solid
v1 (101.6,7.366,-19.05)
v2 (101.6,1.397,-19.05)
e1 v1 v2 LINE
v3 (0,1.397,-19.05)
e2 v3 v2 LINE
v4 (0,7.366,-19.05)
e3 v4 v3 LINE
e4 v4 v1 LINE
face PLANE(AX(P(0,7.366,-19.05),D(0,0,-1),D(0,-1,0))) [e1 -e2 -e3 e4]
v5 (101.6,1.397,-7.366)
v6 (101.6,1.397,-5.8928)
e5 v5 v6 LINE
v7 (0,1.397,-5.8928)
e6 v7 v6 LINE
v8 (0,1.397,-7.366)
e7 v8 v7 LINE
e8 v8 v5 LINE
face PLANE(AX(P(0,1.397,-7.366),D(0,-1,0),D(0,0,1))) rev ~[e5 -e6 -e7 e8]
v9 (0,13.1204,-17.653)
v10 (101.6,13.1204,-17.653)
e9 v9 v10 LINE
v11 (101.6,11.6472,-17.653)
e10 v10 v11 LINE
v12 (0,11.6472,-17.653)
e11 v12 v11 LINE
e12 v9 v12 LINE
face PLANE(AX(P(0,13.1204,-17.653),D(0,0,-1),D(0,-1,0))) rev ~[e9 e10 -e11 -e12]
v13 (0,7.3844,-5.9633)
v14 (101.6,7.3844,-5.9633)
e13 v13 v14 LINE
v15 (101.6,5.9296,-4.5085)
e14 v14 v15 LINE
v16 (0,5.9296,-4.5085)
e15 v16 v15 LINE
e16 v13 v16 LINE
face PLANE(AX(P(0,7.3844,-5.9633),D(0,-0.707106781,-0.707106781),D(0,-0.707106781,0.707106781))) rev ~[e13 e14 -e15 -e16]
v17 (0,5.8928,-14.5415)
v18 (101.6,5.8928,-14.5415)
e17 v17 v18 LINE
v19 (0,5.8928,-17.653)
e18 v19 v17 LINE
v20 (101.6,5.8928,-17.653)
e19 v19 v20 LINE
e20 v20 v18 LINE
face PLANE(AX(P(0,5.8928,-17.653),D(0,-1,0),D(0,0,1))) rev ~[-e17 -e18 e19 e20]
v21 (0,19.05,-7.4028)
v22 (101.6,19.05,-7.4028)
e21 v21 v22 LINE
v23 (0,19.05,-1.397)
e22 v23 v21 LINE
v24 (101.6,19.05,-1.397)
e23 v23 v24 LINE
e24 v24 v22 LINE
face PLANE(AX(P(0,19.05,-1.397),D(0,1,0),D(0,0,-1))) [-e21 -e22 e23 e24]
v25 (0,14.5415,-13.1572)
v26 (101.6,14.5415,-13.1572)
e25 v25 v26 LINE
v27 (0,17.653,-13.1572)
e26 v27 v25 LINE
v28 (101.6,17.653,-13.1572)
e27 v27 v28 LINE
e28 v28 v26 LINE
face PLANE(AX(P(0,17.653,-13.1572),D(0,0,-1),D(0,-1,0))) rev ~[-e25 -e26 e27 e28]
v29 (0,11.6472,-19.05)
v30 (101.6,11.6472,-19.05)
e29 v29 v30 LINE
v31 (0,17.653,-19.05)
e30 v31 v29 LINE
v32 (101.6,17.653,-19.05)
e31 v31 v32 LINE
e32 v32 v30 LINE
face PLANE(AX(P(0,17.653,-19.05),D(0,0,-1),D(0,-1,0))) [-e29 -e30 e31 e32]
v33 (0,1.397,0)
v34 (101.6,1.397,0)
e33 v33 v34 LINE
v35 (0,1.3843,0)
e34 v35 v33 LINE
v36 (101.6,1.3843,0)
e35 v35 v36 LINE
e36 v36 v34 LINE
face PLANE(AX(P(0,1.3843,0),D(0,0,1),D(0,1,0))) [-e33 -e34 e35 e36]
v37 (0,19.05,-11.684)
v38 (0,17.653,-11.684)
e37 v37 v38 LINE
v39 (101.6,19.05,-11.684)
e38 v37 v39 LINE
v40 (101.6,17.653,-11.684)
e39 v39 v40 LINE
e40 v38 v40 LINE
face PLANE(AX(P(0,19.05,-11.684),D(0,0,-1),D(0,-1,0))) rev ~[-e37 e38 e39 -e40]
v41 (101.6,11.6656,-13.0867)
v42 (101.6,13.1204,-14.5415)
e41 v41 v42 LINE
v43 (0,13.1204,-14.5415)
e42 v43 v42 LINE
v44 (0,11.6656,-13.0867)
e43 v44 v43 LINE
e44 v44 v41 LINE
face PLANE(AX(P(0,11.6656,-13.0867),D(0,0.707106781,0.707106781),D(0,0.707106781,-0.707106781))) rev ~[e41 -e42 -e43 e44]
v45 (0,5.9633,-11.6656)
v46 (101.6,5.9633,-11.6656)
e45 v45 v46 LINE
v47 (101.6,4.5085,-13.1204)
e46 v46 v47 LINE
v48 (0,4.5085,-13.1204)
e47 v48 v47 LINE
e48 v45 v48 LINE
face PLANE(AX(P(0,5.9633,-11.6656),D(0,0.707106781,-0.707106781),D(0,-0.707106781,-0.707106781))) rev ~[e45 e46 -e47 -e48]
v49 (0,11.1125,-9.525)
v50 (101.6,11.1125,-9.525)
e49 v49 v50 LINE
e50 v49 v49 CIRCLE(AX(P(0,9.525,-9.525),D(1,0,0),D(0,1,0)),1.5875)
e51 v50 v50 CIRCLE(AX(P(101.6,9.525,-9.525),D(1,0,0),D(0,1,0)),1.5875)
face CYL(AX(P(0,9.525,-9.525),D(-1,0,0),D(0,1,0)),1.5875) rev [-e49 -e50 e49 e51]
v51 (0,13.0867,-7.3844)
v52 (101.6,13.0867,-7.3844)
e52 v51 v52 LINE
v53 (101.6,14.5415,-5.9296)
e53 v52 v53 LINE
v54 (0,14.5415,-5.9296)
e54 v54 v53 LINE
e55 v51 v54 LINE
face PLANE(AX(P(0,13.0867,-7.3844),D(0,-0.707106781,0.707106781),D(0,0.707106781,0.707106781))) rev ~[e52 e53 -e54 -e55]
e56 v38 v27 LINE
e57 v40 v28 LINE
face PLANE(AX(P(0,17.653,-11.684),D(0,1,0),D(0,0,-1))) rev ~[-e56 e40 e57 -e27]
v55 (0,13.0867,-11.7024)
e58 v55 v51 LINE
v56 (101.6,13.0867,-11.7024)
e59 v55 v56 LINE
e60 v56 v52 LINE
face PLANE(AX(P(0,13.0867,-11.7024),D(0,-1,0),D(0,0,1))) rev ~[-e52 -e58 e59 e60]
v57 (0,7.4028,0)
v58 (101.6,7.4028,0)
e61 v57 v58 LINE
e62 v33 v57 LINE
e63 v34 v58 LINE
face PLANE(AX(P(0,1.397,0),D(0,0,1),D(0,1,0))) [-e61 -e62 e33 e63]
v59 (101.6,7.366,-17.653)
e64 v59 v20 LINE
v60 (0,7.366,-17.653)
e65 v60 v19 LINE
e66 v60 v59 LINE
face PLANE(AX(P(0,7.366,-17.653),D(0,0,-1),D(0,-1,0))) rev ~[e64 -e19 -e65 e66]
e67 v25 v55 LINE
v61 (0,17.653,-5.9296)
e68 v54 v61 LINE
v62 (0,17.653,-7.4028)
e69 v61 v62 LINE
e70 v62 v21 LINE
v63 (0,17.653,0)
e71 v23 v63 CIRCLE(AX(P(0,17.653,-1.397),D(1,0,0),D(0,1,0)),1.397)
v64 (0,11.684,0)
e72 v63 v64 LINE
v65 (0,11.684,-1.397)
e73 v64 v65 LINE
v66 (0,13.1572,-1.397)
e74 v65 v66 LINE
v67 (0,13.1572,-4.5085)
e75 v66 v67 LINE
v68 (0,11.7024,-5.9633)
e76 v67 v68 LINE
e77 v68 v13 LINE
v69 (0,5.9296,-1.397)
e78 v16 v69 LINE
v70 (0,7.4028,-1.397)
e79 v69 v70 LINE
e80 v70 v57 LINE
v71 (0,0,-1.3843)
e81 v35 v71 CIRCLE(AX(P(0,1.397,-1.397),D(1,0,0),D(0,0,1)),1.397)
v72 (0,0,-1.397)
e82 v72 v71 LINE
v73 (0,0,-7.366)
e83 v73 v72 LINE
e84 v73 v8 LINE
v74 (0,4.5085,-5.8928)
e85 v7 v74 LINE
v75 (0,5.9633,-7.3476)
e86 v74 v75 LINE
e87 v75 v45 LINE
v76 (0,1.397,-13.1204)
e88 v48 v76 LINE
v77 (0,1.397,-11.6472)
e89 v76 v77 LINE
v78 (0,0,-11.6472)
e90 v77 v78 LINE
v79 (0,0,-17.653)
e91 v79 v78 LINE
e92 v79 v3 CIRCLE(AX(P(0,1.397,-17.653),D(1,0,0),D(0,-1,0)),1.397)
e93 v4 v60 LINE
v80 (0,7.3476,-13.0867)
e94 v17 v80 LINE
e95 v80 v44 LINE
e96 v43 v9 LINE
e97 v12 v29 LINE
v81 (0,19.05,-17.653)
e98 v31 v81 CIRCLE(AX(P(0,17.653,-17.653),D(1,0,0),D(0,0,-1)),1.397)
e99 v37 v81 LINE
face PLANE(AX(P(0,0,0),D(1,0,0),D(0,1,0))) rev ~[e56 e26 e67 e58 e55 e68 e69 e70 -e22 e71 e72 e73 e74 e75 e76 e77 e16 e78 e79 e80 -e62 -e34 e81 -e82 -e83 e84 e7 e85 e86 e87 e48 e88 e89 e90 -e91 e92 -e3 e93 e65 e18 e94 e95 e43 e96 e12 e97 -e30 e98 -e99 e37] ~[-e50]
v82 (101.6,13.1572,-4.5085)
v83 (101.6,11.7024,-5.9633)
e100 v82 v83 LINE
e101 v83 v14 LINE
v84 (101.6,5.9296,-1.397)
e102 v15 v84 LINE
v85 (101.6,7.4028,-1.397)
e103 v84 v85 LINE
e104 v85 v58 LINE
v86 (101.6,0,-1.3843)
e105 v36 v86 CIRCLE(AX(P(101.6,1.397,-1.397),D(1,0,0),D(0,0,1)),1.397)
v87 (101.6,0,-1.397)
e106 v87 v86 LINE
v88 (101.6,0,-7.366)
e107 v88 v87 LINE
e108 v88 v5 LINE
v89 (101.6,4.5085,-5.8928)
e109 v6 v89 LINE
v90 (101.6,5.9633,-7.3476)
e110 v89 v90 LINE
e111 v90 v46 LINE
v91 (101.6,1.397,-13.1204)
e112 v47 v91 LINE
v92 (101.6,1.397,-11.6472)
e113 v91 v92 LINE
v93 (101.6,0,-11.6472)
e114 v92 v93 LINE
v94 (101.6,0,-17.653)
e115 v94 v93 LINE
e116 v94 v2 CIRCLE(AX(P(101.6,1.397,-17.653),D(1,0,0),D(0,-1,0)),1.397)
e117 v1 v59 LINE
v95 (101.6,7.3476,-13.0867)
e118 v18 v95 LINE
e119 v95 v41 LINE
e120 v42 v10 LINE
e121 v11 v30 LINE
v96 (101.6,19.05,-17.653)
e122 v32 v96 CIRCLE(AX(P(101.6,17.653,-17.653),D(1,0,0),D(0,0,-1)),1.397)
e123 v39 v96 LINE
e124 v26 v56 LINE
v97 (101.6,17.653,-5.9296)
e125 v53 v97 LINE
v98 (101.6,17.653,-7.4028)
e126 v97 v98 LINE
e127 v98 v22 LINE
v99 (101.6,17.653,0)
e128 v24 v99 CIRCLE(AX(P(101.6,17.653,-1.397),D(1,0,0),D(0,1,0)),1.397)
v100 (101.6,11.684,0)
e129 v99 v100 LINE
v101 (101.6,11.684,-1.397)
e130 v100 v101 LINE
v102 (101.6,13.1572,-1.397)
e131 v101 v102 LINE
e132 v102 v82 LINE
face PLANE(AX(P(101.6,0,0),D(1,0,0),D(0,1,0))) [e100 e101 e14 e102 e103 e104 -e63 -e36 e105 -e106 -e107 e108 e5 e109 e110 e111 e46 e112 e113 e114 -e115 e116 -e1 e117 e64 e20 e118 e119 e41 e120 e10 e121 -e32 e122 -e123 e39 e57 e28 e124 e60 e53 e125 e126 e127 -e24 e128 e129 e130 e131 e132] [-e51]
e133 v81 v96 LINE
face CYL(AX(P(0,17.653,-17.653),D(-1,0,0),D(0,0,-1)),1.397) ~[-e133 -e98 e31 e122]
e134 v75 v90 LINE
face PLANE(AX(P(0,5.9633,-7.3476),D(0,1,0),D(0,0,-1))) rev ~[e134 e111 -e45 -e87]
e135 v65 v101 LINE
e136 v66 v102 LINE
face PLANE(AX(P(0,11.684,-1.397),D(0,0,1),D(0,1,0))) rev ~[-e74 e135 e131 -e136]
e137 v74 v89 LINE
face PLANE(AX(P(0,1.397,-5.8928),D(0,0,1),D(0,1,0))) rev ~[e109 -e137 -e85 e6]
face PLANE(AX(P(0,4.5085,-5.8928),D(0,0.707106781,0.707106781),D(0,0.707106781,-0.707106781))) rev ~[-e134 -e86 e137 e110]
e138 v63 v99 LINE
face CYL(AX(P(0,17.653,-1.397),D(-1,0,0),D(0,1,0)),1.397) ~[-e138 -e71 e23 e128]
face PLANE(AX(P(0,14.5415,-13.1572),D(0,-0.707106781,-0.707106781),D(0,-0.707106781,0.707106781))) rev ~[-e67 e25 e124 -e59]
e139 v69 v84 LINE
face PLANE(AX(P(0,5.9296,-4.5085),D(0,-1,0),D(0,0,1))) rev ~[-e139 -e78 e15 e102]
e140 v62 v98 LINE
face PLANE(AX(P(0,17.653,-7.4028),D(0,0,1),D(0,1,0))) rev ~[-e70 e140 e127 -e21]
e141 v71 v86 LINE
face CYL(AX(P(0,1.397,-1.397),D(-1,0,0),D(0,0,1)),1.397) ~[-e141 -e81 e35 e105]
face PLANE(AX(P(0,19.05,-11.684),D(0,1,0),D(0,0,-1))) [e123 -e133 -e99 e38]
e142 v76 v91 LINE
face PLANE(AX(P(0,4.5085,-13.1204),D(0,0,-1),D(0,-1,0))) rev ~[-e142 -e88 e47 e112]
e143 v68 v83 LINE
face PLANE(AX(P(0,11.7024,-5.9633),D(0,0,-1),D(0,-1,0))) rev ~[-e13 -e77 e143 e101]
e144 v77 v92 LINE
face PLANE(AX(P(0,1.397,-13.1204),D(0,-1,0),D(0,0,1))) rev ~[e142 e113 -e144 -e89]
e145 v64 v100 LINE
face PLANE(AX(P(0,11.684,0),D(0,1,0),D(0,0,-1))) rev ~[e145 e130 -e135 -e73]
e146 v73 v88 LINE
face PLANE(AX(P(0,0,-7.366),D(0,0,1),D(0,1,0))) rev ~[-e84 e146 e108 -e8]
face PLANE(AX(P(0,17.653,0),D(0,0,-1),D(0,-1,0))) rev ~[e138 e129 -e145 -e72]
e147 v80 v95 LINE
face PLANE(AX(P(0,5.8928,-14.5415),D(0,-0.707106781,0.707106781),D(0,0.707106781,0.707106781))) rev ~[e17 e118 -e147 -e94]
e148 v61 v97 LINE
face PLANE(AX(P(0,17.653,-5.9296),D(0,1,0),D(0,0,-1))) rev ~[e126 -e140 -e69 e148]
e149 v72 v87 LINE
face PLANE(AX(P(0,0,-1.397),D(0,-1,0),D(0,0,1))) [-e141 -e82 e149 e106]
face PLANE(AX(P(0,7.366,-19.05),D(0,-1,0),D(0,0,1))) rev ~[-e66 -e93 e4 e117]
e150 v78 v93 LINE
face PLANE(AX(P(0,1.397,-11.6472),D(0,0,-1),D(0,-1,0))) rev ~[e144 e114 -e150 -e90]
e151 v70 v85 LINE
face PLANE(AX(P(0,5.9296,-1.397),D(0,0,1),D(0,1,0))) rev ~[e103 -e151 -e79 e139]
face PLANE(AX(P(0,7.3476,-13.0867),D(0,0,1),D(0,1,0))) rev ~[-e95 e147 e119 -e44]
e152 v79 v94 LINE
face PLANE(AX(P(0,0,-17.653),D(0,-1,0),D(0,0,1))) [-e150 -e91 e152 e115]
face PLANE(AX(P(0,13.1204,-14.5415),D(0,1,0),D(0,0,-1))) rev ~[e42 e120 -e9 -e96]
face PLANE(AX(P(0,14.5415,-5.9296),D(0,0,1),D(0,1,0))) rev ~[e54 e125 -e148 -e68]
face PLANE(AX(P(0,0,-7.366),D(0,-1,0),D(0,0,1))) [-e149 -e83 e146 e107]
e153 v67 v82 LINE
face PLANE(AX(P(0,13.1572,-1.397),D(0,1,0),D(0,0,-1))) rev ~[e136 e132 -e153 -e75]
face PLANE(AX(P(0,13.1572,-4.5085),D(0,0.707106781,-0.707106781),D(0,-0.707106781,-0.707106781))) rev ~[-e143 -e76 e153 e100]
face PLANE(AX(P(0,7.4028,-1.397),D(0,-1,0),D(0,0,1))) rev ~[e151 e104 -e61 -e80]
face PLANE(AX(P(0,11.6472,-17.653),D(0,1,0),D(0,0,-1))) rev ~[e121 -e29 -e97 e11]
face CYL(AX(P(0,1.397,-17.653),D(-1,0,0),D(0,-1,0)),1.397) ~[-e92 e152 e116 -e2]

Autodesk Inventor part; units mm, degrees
ref_plane "YZ Plane" through (0, 0, 0) normal (1, 0, 0) x (0, 1, 0)
ref_plane "XZ Plane" through (0, 0, 0) normal (0, 1, 0) x (-1, 0, 0)
ref_plane "XY Plane" through (0, 0, 0) normal (0, 0, 1) x (1, 0, 0)
sketch "Sketch2" plane through (0, 0, 0) normal (1, 0, 0) x (0, 1, 0)
  line L0 (1.3843, 0) -> (1.397, 0)
  line L1 (17.653, 0) -> (11.684, 0)
  line L2 (11.684, 0) -> (11.684, -1.397)
  line L3 (11.684, -1.397) -> (13.1572, -1.397)
  line L4 (13.1572, -1.397) -> (13.1572, -4.5085)
  line L5 (13.1572, -4.5085) -> (11.7024, -5.9633)
  line L6 (11.7024, -5.9633) -> (7.3844, -5.9633)
  line L7 (7.3844, -5.9633) -> (5.9296, -4.5085)
  line L8 (5.9296, -4.5085) -> (5.9296, -1.397)
  line L9 (5.9296, -1.397) -> (7.4028, -1.397)
  line L10 (7.4028, -1.397) -> (7.4028, 0)
  line L11 (1.397, 0) -> (7.4028, 0)
  line L12 (11.684, 0) -> (19.05, 0)
  line L13 (5.9633, -7.3476) -> (5.9633, -11.6656)
  line L14 (4.5085, -5.8928) -> (5.9633, -7.3476)
  line L15 (5.9633, -11.6656) -> (4.5085, -13.1204)
  line L16 (1.397, -13.1204) -> (1.397, -11.6472)
  line L17 (4.5085, -13.1204) -> (1.397, -13.1204)
  line L18 (1.397, -11.6472) -> (0, -11.6472)
  line L19 (1.397, -5.8928) -> (4.5085, -5.8928)
  line L20 (0, -7.366) -> (1.397, -7.366)
  line L21 (1.397, -7.366) -> (1.397, -5.8928)
  line L22 (7.3476, -13.0867) -> (11.6656, -13.0867)
  line L23 (5.8928, -14.5415) -> (7.3476, -13.0867)
  line L24 (11.6656, -13.0867) -> (13.1204, -14.5415)
  line L25 (13.1204, -17.653) -> (11.6472, -17.653)
  line L26 (13.1204, -14.5415) -> (13.1204, -17.653)
  line L27 (11.6472, -17.653) -> (11.6472, -19.05)
  line L28 (5.8928, -17.653) -> (5.8928, -14.5415)
  line L29 (7.366, -19.05) -> (7.366, -17.653)
  line L30 (7.366, -17.653) -> (5.8928, -17.653)
  line L31 (13.0867, -11.7024) -> (13.0867, -7.3844)
  line L32 (14.5415, -13.1572) -> (13.0867, -11.7024)
  line L33 (13.0867, -7.3844) -> (14.5415, -5.9296)
  line L34 (17.653, -5.9296) -> (17.653, -7.4028)
  line L35 (14.5415, -5.9296) -> (17.653, -5.9296)
  line L36 (17.653, -7.4028) -> (19.05, -7.4028)
  line L37 (17.653, -13.1572) -> (14.5415, -13.1572)
  line L38 (19.05, -11.684) -> (17.653, -11.684)
  line L39 (17.653, -11.684) -> (17.653, -13.1572)
  line L40 (1.3843, 0) -> (1.397, 0)
  line L41 (19.05, -1.397) -> (19.05, -7.4028)
  line L42 (19.05, -11.684) -> (19.05, -17.653)
  line L43 (17.653, -19.05) -> (11.6472, -19.05)
  line L44 (7.366, -19.05) -> (1.397, -19.05)
  line L45 (0, -17.653) -> (0, -11.6472)
  line L46 (0, -7.366) -> (0, -1.397)
  line L47 (0, -7.366) -> (0, -1.397)
  circle A0 centre (9.525, -9.525) radius 1.5875
  line L48 (1.3843, 0) -> (1.397, 0)
  line L49 (0, -1.397) -> (0, -1.3843)
  arc A1 (1.397, 0) -> (0, -1.397) centre (1.397, -1.397) ccw
  arc A2 (0, -17.653) -> (1.397, -19.05) centre (1.397, -17.653) ccw
  arc A3 (17.653, -19.05) -> (19.05, -17.653) centre (17.653, -17.653) ccw
  arc A4 (19.05, -1.397) -> (17.653, 0) centre (17.653, -1.397) ccw
  point P0 (0, 0)
  dimension "d34" = 7.366
  dimension "d35" = 1.397
  dimension "d37" = 1.4732
  dimension "d38" = 3.1115
  dimension "d39" = 2.0574
  dimension "d40" = 135
  dimension "d41" = 4.318
  dimension "d42" = 2.0574
  dimension "d43" = 1.4732
  dimension "d46" = 1.397
  dimension "d49" = 360
  dimension "d56" = 19.05
  dimension "d58" = 3.175
  dimension "d61" = 1.397
  dimension "d62" = 1.397
  dimension "d63" = 1.397
  dimension "d64" = 1.397
  dimension "d67" = 360
  dimension "d71" = 3.1115
extrude "Extrusion1" add sketch "Sketch2" along normal blind 101.6
properties part number "Extrusion"
